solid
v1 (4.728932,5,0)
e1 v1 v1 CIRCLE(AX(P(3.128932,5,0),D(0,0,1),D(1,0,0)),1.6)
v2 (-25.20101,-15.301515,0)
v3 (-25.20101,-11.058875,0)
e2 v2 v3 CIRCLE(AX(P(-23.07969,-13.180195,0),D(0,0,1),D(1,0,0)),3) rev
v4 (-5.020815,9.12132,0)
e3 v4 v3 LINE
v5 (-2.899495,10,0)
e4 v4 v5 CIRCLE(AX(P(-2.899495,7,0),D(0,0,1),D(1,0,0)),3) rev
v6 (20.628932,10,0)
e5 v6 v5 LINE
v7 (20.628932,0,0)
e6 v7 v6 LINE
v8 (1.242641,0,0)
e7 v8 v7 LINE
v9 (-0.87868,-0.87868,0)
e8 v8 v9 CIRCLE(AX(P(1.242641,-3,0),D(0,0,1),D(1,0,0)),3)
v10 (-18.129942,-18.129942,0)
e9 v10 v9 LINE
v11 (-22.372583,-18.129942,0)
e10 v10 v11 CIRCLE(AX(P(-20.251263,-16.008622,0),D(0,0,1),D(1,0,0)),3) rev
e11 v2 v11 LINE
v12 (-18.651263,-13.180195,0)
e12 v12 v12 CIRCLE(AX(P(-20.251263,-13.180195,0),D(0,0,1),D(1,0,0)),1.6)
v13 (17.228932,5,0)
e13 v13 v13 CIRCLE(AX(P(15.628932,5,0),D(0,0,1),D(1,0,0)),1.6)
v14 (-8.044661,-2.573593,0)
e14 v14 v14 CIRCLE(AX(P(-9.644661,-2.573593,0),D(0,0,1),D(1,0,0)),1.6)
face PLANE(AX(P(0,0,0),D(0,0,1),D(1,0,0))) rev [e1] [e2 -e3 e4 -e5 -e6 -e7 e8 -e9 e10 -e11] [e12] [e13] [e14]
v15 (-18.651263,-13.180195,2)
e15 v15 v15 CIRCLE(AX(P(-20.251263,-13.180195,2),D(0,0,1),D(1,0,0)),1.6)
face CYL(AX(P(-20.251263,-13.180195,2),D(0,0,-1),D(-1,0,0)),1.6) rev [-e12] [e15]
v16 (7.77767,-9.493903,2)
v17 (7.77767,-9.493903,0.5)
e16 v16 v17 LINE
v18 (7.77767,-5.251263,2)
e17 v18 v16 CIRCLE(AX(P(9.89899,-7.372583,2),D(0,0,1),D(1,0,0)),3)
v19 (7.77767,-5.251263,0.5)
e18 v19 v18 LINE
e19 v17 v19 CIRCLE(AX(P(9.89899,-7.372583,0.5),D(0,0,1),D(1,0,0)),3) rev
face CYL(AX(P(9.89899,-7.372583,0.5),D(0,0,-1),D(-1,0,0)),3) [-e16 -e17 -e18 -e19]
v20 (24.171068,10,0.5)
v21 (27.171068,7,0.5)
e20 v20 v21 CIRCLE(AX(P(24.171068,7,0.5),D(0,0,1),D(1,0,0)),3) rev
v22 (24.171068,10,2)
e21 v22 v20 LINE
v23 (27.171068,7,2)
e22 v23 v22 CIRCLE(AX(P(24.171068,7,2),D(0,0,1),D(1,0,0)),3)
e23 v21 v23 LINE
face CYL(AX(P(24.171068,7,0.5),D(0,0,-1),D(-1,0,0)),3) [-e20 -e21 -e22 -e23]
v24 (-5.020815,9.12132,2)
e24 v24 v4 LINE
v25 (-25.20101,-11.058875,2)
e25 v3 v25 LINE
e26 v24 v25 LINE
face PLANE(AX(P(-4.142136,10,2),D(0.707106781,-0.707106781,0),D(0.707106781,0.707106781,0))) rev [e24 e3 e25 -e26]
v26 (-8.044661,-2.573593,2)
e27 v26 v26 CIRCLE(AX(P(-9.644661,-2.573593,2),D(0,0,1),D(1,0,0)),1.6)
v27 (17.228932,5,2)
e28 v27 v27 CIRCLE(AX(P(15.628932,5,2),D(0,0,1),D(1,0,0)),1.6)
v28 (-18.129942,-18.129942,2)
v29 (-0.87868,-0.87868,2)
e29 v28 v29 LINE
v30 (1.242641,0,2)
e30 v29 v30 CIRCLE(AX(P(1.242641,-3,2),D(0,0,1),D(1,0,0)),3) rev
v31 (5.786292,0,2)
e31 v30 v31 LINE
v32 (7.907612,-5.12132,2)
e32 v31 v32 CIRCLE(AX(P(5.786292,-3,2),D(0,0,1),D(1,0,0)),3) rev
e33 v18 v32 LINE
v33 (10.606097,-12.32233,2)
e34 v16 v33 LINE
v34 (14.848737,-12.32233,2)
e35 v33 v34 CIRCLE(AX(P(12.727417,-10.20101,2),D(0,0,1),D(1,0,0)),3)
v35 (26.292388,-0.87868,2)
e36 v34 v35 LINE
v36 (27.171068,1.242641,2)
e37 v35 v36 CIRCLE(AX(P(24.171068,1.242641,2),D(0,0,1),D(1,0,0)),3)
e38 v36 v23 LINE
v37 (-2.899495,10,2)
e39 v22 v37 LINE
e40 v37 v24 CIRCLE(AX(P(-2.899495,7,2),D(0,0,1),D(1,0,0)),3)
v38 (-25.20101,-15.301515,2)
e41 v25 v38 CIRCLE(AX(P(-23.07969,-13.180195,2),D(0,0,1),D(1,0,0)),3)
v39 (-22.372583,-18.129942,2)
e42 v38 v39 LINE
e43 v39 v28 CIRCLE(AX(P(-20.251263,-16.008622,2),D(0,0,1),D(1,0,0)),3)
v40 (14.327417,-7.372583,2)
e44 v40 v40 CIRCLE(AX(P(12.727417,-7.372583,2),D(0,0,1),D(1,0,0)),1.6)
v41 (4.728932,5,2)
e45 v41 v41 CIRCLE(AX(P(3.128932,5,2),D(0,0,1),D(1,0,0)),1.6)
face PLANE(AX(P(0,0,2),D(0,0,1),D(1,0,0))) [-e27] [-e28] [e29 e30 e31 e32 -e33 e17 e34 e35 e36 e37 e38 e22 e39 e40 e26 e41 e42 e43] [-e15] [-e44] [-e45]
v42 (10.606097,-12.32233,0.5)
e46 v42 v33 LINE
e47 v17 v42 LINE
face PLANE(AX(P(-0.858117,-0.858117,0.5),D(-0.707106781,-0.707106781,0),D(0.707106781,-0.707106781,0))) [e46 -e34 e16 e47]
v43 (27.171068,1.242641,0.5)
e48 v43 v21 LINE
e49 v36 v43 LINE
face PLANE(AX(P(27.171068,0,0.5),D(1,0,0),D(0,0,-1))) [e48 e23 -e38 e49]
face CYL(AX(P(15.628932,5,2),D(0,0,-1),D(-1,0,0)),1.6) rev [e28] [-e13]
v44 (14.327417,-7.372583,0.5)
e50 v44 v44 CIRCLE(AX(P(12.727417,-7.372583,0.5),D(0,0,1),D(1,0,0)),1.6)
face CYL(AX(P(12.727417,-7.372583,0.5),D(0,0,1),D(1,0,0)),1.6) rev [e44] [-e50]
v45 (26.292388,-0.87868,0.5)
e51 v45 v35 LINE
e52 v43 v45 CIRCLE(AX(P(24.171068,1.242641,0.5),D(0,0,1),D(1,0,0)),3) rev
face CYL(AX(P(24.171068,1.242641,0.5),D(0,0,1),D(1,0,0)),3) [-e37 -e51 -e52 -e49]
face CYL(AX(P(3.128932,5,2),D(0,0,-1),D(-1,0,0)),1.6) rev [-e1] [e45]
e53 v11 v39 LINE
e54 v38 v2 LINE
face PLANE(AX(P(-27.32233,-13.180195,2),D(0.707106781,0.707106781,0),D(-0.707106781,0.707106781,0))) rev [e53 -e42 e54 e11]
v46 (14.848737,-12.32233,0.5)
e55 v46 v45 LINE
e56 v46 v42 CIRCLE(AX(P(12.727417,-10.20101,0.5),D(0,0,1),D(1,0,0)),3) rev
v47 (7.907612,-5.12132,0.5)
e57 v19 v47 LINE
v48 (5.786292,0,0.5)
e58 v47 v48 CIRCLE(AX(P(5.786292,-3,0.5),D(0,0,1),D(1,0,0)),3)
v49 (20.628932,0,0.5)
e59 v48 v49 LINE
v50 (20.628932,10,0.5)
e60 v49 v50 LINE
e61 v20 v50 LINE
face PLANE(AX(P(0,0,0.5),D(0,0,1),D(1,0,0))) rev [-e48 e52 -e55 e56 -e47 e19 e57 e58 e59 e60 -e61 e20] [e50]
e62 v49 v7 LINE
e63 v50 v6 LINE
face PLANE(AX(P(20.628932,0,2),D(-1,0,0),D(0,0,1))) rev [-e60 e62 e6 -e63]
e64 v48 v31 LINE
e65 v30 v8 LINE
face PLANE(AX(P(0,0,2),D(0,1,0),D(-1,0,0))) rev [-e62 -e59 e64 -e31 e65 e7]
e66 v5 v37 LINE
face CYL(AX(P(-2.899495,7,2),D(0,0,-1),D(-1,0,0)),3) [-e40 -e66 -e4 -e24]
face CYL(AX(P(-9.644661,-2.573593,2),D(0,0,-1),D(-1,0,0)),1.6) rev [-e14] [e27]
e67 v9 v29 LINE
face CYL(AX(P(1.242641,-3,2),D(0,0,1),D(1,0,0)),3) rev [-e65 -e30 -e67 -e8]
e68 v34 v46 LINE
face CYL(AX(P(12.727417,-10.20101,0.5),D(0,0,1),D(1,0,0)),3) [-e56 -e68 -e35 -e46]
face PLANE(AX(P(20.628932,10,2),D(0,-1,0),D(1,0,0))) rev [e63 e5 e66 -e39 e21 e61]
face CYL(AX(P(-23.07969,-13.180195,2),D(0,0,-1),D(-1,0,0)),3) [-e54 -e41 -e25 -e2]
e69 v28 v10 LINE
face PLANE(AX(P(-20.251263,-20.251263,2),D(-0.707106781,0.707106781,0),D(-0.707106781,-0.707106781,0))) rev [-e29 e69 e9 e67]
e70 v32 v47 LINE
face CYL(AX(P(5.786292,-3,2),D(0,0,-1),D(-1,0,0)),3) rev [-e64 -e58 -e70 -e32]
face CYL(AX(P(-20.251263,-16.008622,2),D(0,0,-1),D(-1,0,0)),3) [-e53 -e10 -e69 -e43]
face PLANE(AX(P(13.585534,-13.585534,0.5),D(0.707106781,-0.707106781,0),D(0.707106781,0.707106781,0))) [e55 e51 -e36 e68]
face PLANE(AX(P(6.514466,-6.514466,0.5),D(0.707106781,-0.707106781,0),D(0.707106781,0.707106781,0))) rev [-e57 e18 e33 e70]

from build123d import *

# Parameters (mm, degrees)
SKETCH_1_R      = 1.6
EXTRUDE_1_DEPTH = 2
SKETCH_3_R      = 1.6
EXTRUDE_2_DEPTH = 1.5
FILLET_2_R      = 3


with BuildPart() as part:
    # ｽｹｯﾁ1 → ﾎﾞｽ - 押し出し1 (new body)
    with BuildSketch(Plane.XY):
        Polygon((-27.32233047, -13.180194847), (-20.251262658, -20.251262658), (0, 0), (20.628932188, 0), (20.628932188, 10), (-4.142135624, 10), align=None)
        with Locations((3.128932188, 5)):
            Circle(SKETCH_1_R, mode=Mode.SUBTRACT)
        with Locations((15.628932188, 5)):
            Circle(SKETCH_1_R, mode=Mode.SUBTRACT)
        with Locations((-20.251262658, -13.180194847)):
            Circle(SKETCH_1_R, mode=Mode.SUBTRACT)
        with Locations((-9.644660941, -2.573593129)):
            Circle(SKETCH_1_R, mode=Mode.SUBTRACT)
    extrude(amount=EXTRUDE_1_DEPTH)

    # ｽｹｯﾁ3 → ﾎﾞｽ - 押し出し2 (add)
    with BuildSketch(Plane.XY.offset(2)):
        Polygon((13.028932188, 0), (5.656349186, -7.372583002), (12.727416998, -14.443650814), (27.171067812, 0), (27.171067812, 10), (20.628932188, 10), (20.628932188, 0), align=None)
        with Locations((12.727416998, -7.372583002)):
            Circle(SKETCH_3_R, mode=Mode.SUBTRACT)
    extrude(amount=-EXTRUDE_2_DEPTH)

    # ﾌｨﾚｯﾄ2
    fillet_2_edges = [part.edges().sort_by_distance(p)[0] for p in [
        (-4.142135624, 10, 1),
        (0, 0, 1),
        (-20.251262658, -20.251262658, 1),
        (-27.32233047, -13.180194847, 1),
        (27.171067812, 10, 1.25),
        (27.171067812, 0, 1.25),
        (12.727416998, -14.443650814, 1.25),
        (5.656349186, -7.372583002, 1.25),
        (13.028932188, 0, 1.25),
    ]]
    fillet(fillet_2_edges, radius=FILLET_2_R)


solid = part.part
